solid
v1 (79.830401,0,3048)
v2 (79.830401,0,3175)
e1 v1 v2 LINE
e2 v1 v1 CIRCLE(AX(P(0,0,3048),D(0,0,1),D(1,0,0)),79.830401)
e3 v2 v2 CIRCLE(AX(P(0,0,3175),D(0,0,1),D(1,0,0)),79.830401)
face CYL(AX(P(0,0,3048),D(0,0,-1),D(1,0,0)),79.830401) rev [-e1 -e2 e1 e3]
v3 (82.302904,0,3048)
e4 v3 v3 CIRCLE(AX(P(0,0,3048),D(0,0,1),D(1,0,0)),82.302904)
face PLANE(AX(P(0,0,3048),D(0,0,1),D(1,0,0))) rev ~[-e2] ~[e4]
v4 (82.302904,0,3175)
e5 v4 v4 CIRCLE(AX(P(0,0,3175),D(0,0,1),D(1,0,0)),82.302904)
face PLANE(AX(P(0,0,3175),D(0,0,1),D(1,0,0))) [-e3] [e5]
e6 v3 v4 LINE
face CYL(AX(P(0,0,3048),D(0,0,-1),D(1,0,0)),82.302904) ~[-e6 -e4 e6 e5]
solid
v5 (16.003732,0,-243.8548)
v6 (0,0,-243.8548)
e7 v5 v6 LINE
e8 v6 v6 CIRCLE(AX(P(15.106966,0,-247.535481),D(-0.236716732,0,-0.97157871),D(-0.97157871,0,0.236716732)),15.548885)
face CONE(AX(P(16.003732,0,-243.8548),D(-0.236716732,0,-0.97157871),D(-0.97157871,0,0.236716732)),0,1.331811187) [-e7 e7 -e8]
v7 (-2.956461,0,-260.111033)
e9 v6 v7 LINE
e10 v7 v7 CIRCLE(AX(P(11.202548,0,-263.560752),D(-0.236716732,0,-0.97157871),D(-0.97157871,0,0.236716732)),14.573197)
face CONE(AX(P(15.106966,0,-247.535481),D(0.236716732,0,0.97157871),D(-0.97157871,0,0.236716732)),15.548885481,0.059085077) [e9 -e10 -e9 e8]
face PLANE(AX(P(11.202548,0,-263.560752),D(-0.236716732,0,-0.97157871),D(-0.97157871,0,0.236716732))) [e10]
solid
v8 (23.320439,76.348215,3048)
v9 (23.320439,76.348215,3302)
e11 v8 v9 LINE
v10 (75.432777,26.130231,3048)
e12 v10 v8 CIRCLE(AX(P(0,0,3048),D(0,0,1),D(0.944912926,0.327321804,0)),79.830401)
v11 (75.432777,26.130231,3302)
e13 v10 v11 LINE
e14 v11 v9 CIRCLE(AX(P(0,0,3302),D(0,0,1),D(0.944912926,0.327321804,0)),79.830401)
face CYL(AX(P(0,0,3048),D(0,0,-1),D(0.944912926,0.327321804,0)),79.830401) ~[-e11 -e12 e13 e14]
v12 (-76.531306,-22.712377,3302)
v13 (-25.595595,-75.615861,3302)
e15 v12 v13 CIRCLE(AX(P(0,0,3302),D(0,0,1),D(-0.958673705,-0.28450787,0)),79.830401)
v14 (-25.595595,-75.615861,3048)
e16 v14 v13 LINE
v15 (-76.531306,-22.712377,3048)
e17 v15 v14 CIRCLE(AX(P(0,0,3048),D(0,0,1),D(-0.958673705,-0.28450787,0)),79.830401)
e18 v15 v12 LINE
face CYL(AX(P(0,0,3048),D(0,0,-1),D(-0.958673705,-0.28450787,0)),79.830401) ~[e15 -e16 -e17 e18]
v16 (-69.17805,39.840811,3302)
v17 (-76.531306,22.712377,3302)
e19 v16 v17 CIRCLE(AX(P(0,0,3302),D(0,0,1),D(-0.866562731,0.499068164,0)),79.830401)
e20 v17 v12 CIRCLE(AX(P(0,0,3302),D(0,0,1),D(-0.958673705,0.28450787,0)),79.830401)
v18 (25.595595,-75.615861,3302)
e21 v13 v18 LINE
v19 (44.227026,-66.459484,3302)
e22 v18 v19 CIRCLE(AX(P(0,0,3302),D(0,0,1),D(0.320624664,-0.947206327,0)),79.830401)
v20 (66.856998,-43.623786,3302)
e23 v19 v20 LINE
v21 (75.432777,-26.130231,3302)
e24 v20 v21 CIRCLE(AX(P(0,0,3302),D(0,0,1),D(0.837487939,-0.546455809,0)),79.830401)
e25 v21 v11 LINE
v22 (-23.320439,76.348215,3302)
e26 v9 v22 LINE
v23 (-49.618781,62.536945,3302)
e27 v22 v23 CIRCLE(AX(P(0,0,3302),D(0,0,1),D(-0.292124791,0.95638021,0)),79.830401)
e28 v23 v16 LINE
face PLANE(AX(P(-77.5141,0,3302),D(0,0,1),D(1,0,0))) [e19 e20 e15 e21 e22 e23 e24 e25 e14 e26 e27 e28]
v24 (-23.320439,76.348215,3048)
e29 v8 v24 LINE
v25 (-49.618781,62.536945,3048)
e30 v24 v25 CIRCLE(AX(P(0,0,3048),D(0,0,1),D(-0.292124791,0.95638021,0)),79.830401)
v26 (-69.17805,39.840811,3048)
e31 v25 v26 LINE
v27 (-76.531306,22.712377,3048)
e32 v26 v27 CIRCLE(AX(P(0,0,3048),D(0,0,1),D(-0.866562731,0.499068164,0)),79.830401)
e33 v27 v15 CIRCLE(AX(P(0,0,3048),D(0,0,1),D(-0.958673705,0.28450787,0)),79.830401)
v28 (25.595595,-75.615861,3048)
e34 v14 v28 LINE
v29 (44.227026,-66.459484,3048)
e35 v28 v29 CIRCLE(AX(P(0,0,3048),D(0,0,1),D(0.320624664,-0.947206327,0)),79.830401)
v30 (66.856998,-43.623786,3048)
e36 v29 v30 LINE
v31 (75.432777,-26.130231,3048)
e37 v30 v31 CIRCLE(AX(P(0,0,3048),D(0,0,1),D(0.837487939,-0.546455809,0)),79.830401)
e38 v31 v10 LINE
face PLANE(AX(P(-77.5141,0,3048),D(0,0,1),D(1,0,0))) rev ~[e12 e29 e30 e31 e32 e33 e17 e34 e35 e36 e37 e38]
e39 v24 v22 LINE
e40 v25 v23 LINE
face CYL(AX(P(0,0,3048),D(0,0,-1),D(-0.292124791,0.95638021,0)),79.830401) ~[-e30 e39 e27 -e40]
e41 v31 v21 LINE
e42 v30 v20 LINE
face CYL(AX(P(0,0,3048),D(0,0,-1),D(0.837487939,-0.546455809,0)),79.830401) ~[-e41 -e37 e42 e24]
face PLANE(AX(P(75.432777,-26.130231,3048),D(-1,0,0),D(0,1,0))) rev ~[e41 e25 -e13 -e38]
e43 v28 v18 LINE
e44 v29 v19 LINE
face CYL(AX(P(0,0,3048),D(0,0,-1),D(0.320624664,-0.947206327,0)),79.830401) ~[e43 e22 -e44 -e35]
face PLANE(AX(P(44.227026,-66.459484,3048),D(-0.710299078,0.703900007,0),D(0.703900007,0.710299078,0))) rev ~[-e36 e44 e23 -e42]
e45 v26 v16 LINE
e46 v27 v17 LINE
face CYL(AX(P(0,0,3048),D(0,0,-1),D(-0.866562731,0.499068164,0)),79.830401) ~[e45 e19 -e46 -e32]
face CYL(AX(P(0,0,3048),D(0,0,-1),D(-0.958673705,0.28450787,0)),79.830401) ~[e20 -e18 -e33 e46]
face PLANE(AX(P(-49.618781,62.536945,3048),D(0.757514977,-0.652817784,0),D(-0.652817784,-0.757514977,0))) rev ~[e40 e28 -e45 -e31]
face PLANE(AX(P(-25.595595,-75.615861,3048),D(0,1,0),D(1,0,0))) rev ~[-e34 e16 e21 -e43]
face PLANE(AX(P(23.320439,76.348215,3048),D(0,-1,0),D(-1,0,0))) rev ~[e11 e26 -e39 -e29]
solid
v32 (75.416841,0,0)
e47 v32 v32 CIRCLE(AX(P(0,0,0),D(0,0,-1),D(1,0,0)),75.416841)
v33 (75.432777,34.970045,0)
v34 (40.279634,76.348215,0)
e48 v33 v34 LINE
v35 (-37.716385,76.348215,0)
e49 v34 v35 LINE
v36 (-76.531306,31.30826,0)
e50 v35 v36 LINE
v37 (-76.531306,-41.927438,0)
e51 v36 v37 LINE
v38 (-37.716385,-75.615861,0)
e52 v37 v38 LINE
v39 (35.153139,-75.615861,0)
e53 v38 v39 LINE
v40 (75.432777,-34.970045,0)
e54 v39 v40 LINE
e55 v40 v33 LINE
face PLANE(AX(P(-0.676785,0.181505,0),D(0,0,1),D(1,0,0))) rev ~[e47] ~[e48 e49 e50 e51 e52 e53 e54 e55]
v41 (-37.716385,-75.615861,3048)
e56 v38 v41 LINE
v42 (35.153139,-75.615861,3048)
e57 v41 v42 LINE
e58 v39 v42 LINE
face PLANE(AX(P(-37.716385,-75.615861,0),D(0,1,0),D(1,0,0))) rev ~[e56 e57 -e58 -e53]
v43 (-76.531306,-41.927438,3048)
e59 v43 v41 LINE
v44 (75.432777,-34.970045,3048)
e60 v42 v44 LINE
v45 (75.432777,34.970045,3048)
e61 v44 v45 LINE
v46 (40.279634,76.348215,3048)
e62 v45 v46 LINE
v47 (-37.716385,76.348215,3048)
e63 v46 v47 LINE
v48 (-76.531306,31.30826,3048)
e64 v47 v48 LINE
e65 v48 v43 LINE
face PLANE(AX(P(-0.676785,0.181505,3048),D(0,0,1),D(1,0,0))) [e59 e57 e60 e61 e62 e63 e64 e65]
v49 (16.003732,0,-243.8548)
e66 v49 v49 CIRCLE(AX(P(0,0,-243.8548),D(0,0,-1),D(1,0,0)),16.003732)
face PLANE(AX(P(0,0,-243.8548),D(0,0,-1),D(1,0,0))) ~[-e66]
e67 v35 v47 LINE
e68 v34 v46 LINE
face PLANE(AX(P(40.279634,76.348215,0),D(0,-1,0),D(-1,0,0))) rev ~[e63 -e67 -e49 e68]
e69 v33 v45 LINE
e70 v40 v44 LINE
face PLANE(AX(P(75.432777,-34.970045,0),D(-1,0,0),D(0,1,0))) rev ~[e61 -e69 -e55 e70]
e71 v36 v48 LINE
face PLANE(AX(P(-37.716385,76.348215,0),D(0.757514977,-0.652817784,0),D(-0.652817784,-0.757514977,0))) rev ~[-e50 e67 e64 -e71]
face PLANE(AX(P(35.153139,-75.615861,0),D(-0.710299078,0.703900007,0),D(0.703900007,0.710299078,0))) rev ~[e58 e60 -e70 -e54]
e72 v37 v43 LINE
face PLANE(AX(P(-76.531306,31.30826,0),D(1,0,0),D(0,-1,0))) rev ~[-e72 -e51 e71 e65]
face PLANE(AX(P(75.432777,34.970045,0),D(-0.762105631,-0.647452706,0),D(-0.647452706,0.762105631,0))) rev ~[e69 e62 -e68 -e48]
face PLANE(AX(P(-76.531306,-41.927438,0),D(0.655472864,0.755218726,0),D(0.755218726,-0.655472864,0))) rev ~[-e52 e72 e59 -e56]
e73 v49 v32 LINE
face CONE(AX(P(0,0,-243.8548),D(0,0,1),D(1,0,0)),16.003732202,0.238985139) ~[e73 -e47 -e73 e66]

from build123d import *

# Parameters (mm, degrees)
F1_DEPTH = 3048
F2_R     = 82.3029037564
F2_R_2   = 79.8304006239
F3_DEPTH = 127
F4_DEPTH = 254


with BuildPart() as f1:
    # F0 (on Top) → F1 (new body)
    with BuildSketch(Plane.XY):
        Polygon((40.2796342969, 76.3482153416), (-37.7163849771, 76.3482153416), (-76.5313059092, 31.308259815), (-76.5313059092, -41.9274382293), (-37.7163849771, -75.6158605218), (35.1531393826, -75.6158605218), (75.4327774048, -34.9700450897), (75.4327774048, 34.9700450897), align=None)
    extrude(amount=F1_DEPTH)

    # F5 (on Front) → F6 (revolve)
    with BuildSketch(Plane.XZ):
        Polygon((75.4168406129, 0), (0, 0), (0, -243.8547999022), (16.0037322016, -243.8547999022), align=None)
    revolve(axis=Axis((0, 0, -121.9273999511), (0, 0, -1)))

    # F7 (on Front) → F8 (revolve)
    with BuildSketch(Plane.XZ):
        Polygon((16.0037322016, -243.8547999022), (0, -243.8547999022), (-2.9564606287, -260.1110326012), (11.2025477086, -263.560752261), align=None)
    revolve(axis=Axis((13.6031399551, 0, -253.7077760816), (-0.2367167315, 0, -0.9715787096)))


with BuildPart() as f3:
    # F2 (on face) → F3 (new body)
    with BuildSketch(Plane.XY.offset(3048)):
        Circle(F2_R)
        Circle(F2_R_2, mode=Mode.SUBTRACT)
    extrude(amount=F3_DEPTH)


with BuildPart() as f4:
    # F2 (on face) → F4 (new body)
    with BuildSketch(Plane.XY.offset(3048)):
        with BuildLine():
            Line((-76.5313059092, -22.7123772339), (-76.5313059092, 22.7123772339))
            ThreePointArc((-76.5313059092, 22.7123772339), (-79.8304006239, 0), (-76.5313059092, -22.7123772339))
        make_face()
        with BuildLine():
            Line((75.4327774048, -26.1302307065), (75.4327774048, 26.1302307065))
            ThreePointArc((75.4327774048, 26.1302307065), (55.3941417094, 57.483753601), (23.3204390596, 76.3482153416))
            Line((23.3204390596, 76.3482153416), (-23.3204390596, 76.3482153416))
            ThreePointArc((-23.3204390596, 76.3482153416), (-37.1176540566, 70.6765351521), (-49.6187806863, 62.5369448164))
            Line((-49.6187806863, 62.5369448164), (-69.1780500162, 39.8408114843))
            ThreePointArc((-69.1780500162, 39.8408114843), (-73.3563215818, 31.4919505233), (-76.5313059092, 22.7123772339))
            Line((-76.5313059092, 22.7123772339), (-76.5313059092, -22.7123772339))
            ThreePointArc((-76.5313059092, -22.7123772339), (-57.508004888, -55.3689645702), (-25.59559535, -75.6158605218))
            Line((-25.59559535, -75.6158605218), (25.59559535, -75.6158605218))
            ThreePointArc((25.59559535, -75.6158605218), (35.210217735, -71.6458891412), (44.2270263395, -66.4594839353))
            Line((44.2270263395, -66.4594839353), (66.8569977163, -43.6237861738))
            ThreePointArc((66.8569977163, -43.6237861738), (71.6805492914, -35.1396032569), (75.4327774048, -26.1302307065))
        make_face()
    extrude(amount=F4_DEPTH)


solid = Compound([f1.part, f3.part, f4.part])
